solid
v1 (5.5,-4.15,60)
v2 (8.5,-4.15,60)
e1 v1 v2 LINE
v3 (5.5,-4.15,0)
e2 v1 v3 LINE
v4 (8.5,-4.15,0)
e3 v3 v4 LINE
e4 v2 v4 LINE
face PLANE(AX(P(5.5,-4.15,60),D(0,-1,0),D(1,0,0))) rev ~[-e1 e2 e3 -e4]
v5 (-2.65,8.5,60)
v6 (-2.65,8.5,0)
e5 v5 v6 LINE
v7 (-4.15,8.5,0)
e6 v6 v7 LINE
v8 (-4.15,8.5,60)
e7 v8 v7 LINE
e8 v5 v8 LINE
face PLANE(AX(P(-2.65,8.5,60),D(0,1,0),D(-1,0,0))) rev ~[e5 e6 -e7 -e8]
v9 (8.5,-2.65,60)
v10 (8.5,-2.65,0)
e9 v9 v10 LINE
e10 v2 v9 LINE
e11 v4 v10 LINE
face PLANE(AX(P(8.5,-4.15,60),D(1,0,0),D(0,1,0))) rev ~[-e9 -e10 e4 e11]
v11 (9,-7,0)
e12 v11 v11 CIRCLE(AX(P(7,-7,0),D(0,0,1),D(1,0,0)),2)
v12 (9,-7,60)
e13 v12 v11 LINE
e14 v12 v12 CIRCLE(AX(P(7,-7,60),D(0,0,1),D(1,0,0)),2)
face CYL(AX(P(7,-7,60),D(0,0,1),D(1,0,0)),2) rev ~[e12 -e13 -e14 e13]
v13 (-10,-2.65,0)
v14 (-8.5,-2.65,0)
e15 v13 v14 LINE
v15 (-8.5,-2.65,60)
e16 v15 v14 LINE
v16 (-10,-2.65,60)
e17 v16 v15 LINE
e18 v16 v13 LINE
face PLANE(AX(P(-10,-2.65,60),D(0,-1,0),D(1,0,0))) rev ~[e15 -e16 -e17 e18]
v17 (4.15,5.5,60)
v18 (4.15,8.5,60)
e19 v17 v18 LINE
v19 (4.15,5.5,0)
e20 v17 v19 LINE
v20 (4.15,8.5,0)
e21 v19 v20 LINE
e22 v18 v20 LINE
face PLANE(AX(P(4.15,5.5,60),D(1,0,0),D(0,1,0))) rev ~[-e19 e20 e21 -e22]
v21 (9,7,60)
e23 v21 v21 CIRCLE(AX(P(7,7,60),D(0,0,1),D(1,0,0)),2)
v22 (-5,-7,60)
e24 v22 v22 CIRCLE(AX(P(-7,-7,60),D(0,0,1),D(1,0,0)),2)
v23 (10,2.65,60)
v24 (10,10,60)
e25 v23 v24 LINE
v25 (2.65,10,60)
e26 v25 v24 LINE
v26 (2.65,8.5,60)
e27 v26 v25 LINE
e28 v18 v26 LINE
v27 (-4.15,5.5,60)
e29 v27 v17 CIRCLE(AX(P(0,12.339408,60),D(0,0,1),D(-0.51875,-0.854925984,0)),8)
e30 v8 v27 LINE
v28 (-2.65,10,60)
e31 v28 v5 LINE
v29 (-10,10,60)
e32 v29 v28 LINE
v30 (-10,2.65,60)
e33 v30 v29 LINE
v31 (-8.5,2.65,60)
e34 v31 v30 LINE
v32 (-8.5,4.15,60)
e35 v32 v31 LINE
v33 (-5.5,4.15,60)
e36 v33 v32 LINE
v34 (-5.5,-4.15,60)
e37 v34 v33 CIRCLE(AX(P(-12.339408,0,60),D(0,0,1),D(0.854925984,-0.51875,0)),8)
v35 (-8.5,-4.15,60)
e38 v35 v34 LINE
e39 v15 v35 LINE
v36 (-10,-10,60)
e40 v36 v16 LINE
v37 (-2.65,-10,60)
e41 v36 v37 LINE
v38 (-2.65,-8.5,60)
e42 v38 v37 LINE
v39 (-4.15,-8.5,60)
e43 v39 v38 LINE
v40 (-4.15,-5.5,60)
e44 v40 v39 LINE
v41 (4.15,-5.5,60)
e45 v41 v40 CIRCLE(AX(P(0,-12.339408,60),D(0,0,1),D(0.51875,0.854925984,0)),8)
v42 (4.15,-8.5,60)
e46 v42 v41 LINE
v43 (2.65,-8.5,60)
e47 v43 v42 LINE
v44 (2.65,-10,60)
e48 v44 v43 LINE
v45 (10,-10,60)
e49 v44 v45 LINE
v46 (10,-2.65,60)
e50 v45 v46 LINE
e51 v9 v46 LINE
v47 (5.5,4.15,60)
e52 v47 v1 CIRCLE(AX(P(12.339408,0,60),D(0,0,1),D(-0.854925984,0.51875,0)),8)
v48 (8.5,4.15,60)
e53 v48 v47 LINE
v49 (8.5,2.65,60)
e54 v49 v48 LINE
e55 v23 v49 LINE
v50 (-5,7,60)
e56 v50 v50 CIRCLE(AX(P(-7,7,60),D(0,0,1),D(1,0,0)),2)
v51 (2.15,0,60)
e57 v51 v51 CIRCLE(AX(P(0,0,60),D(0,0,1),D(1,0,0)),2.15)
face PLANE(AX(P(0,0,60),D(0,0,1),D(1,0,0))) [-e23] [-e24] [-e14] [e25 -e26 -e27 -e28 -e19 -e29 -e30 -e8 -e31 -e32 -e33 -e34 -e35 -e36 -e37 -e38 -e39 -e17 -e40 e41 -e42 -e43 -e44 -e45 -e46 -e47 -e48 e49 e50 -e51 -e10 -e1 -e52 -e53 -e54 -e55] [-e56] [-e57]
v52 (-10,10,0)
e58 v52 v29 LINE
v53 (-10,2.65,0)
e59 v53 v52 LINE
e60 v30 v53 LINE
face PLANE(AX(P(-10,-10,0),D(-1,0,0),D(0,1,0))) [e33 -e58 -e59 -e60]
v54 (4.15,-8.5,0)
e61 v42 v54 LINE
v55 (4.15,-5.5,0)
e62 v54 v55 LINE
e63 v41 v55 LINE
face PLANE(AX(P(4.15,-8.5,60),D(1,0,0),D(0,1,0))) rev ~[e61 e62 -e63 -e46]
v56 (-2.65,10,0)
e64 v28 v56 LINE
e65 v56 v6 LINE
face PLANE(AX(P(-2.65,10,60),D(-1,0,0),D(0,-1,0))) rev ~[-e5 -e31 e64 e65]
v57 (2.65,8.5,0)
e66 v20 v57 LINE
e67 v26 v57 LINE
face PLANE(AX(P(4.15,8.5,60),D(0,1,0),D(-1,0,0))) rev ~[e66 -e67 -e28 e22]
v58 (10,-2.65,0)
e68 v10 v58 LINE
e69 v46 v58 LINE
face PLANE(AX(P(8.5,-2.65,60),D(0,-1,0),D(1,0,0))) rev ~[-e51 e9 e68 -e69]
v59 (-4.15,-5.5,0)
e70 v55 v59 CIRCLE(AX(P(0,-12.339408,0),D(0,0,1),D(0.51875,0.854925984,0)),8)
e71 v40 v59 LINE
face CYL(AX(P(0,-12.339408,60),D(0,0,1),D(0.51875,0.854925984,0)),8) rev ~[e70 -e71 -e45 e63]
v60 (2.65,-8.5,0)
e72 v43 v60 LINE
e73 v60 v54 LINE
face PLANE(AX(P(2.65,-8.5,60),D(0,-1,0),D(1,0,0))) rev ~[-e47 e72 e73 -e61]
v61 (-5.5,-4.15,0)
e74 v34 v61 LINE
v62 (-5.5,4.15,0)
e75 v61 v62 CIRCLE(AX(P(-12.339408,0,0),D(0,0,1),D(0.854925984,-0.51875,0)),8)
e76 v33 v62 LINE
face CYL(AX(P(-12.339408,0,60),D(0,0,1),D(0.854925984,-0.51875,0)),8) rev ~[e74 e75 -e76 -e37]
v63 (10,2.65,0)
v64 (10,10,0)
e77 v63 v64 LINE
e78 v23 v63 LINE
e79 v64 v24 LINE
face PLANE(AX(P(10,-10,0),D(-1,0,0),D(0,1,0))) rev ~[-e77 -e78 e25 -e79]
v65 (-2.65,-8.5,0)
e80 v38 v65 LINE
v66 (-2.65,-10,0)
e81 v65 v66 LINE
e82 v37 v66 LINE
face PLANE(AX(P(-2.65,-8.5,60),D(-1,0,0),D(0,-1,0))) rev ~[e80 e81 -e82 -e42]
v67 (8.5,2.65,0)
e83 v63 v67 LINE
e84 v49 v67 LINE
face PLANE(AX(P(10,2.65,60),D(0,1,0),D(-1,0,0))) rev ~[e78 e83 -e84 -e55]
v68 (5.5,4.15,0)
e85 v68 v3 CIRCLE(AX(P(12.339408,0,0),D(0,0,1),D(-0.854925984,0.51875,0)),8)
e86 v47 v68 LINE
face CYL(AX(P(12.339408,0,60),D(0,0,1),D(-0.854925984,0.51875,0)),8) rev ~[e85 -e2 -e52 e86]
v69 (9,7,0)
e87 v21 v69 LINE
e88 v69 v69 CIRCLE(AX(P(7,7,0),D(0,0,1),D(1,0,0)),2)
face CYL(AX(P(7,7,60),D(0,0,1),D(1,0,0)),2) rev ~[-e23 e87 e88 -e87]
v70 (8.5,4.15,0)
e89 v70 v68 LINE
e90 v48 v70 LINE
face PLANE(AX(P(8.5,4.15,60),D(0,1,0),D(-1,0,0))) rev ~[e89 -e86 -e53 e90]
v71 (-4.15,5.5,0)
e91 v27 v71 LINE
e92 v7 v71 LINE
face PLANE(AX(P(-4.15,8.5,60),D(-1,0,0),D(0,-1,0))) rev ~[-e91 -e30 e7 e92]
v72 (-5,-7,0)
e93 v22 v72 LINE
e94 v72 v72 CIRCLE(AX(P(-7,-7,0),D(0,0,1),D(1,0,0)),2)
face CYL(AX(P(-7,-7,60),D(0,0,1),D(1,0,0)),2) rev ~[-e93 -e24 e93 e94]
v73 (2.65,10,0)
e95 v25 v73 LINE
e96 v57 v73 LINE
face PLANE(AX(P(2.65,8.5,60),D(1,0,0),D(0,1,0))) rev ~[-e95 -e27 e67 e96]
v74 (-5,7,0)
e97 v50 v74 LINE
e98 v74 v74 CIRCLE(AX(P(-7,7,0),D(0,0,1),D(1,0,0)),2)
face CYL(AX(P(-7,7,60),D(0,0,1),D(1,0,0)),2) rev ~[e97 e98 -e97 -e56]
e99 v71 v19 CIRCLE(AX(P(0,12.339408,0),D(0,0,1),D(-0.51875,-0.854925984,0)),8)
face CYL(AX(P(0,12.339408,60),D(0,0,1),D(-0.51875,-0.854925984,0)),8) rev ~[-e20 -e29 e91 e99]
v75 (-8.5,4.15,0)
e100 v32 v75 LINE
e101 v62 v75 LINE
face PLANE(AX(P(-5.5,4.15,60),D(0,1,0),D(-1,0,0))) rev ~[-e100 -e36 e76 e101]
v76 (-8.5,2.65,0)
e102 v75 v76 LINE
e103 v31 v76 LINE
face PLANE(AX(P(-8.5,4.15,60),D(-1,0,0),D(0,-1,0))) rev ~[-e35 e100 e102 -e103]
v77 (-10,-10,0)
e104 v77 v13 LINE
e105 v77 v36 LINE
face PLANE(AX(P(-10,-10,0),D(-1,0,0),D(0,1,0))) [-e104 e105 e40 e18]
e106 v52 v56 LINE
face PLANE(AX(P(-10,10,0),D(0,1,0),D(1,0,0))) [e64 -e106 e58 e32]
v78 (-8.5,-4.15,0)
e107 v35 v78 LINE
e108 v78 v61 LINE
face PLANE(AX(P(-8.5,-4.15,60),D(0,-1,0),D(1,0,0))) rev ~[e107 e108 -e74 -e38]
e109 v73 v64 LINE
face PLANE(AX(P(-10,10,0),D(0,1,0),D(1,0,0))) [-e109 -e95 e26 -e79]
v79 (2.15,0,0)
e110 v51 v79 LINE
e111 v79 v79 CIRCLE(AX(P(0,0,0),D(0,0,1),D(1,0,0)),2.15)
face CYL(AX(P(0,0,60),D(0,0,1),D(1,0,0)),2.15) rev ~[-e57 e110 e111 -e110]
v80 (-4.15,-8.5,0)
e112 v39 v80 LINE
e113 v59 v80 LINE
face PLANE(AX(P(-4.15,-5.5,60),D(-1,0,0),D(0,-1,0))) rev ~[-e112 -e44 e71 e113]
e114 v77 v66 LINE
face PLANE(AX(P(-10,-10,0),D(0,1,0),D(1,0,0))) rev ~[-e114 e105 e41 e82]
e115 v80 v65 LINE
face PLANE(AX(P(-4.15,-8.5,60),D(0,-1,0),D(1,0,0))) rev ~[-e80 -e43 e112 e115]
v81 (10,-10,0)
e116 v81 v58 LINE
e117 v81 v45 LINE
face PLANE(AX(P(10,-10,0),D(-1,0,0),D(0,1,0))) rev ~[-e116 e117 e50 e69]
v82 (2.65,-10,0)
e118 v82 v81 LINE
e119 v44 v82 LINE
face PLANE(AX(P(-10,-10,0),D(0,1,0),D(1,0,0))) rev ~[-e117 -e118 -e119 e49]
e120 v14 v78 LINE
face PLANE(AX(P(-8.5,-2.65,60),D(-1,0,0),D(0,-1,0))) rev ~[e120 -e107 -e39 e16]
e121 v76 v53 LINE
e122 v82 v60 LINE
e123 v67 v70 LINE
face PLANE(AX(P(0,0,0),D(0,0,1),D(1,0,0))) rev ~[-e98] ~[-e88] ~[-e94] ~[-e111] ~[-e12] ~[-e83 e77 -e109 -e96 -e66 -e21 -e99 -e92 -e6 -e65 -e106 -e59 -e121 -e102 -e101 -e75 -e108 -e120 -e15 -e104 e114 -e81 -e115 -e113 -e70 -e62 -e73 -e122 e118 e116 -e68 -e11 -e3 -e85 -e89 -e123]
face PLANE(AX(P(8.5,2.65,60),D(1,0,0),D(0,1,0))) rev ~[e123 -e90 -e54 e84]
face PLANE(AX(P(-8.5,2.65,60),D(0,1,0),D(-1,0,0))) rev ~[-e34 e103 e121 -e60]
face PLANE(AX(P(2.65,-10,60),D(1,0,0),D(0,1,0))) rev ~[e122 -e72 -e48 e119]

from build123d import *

# Parameters (mm, degrees)
SKETCH_1_W          = 20
SKETCH_1_H          = 20
EXTRUDE_1_DEPTH     = 60
SKETCH_2_R          = 2.15
SKETCH_2_R_2        = 2
CUT_EXTRUDE_1_DEPTH = 300


with BuildPart() as part:
    # 스케치1 → 보스-돌출1 (new body)
    with BuildSketch(Plane.XY):
        Rectangle(SKETCH_1_W, SKETCH_1_H)
    extrude(amount=EXTRUDE_1_DEPTH)

    # 스케치2 → 컷-돌출1 (cut)
    with BuildSketch(Plane.XY.offset(60)):
        Circle(SKETCH_2_R)
        with Locations((-7, 7)):
            Circle(SKETCH_2_R_2)
        with Locations((7, 7)):
            Circle(SKETCH_2_R_2)
        with Locations((7, -7)):
            Circle(SKETCH_2_R_2)
        with Locations((-7, -7)):
            Circle(SKETCH_2_R_2)
        with BuildLine():
            Line((-2.65, 10), (-2.65, 8.5))
            Line((-2.65, 8.5), (-4.15, 8.5))
            Line((-4.15, 8.5), (-4.15, 5.5))
            ThreePointArc((-4.15, 5.5), (0, 4.339407869), (4.15, 5.5))
            Line((4.15, 5.5), (4.15, 8.5))
            Line((4.15, 8.5), (2.65, 8.5))
            Line((2.65, 8.5), (2.65, 10))
            Line((2.65, 10), (-2.65, 10))
        make_face()
        with BuildLine():
            Line((10, 2.65), (8.5, 2.65))
            Line((8.5, 2.65), (8.5, 4.15))
            Line((8.5, 4.15), (5.5, 4.15))
            ThreePointArc((5.5, 4.15), (4.339407869, 0), (5.5, -4.15))
            Line((5.5, -4.15), (8.5, -4.15))
            Line((8.5, -4.15), (8.5, -2.65))
            Line((8.5, -2.65), (10, -2.65))
            Line((10, -2.65), (10, 2.65))
        make_face()
        with BuildLine():
            Line((2.65, -10), (2.65, -8.5))
            Line((2.65, -8.5), (4.15, -8.5))
            Line((4.15, -8.5), (4.15, -5.5))
            ThreePointArc((4.15, -5.5), (0, -4.339407869), (-4.15, -5.5))
            Line((-4.15, -5.5), (-4.15, -8.5))
            Line((-4.15, -8.5), (-2.65, -8.5))
            Line((-2.65, -8.5), (-2.65, -10))
            Line((-2.65, -10), (2.65, -10))
        make_face()
        with BuildLine():
            Line((-10, -2.65), (-8.5, -2.65))
            Line((-8.5, -2.65), (-8.5, -4.15))
            Line((-8.5, -4.15), (-5.5, -4.15))
            ThreePointArc((-5.5, -4.15), (-4.339407869, 0), (-5.5, 4.15))
            Line((-5.5, 4.15), (-8.5, 4.15))
            Line((-8.5, 4.15), (-8.5, 2.65))
            Line((-8.5, 2.65), (-10, 2.65))
            Line((-10, 2.65), (-10, -2.65))
        make_face()
    extrude(amount=-CUT_EXTRUDE_1_DEPTH, mode=Mode.SUBTRACT)


solid = part.part
